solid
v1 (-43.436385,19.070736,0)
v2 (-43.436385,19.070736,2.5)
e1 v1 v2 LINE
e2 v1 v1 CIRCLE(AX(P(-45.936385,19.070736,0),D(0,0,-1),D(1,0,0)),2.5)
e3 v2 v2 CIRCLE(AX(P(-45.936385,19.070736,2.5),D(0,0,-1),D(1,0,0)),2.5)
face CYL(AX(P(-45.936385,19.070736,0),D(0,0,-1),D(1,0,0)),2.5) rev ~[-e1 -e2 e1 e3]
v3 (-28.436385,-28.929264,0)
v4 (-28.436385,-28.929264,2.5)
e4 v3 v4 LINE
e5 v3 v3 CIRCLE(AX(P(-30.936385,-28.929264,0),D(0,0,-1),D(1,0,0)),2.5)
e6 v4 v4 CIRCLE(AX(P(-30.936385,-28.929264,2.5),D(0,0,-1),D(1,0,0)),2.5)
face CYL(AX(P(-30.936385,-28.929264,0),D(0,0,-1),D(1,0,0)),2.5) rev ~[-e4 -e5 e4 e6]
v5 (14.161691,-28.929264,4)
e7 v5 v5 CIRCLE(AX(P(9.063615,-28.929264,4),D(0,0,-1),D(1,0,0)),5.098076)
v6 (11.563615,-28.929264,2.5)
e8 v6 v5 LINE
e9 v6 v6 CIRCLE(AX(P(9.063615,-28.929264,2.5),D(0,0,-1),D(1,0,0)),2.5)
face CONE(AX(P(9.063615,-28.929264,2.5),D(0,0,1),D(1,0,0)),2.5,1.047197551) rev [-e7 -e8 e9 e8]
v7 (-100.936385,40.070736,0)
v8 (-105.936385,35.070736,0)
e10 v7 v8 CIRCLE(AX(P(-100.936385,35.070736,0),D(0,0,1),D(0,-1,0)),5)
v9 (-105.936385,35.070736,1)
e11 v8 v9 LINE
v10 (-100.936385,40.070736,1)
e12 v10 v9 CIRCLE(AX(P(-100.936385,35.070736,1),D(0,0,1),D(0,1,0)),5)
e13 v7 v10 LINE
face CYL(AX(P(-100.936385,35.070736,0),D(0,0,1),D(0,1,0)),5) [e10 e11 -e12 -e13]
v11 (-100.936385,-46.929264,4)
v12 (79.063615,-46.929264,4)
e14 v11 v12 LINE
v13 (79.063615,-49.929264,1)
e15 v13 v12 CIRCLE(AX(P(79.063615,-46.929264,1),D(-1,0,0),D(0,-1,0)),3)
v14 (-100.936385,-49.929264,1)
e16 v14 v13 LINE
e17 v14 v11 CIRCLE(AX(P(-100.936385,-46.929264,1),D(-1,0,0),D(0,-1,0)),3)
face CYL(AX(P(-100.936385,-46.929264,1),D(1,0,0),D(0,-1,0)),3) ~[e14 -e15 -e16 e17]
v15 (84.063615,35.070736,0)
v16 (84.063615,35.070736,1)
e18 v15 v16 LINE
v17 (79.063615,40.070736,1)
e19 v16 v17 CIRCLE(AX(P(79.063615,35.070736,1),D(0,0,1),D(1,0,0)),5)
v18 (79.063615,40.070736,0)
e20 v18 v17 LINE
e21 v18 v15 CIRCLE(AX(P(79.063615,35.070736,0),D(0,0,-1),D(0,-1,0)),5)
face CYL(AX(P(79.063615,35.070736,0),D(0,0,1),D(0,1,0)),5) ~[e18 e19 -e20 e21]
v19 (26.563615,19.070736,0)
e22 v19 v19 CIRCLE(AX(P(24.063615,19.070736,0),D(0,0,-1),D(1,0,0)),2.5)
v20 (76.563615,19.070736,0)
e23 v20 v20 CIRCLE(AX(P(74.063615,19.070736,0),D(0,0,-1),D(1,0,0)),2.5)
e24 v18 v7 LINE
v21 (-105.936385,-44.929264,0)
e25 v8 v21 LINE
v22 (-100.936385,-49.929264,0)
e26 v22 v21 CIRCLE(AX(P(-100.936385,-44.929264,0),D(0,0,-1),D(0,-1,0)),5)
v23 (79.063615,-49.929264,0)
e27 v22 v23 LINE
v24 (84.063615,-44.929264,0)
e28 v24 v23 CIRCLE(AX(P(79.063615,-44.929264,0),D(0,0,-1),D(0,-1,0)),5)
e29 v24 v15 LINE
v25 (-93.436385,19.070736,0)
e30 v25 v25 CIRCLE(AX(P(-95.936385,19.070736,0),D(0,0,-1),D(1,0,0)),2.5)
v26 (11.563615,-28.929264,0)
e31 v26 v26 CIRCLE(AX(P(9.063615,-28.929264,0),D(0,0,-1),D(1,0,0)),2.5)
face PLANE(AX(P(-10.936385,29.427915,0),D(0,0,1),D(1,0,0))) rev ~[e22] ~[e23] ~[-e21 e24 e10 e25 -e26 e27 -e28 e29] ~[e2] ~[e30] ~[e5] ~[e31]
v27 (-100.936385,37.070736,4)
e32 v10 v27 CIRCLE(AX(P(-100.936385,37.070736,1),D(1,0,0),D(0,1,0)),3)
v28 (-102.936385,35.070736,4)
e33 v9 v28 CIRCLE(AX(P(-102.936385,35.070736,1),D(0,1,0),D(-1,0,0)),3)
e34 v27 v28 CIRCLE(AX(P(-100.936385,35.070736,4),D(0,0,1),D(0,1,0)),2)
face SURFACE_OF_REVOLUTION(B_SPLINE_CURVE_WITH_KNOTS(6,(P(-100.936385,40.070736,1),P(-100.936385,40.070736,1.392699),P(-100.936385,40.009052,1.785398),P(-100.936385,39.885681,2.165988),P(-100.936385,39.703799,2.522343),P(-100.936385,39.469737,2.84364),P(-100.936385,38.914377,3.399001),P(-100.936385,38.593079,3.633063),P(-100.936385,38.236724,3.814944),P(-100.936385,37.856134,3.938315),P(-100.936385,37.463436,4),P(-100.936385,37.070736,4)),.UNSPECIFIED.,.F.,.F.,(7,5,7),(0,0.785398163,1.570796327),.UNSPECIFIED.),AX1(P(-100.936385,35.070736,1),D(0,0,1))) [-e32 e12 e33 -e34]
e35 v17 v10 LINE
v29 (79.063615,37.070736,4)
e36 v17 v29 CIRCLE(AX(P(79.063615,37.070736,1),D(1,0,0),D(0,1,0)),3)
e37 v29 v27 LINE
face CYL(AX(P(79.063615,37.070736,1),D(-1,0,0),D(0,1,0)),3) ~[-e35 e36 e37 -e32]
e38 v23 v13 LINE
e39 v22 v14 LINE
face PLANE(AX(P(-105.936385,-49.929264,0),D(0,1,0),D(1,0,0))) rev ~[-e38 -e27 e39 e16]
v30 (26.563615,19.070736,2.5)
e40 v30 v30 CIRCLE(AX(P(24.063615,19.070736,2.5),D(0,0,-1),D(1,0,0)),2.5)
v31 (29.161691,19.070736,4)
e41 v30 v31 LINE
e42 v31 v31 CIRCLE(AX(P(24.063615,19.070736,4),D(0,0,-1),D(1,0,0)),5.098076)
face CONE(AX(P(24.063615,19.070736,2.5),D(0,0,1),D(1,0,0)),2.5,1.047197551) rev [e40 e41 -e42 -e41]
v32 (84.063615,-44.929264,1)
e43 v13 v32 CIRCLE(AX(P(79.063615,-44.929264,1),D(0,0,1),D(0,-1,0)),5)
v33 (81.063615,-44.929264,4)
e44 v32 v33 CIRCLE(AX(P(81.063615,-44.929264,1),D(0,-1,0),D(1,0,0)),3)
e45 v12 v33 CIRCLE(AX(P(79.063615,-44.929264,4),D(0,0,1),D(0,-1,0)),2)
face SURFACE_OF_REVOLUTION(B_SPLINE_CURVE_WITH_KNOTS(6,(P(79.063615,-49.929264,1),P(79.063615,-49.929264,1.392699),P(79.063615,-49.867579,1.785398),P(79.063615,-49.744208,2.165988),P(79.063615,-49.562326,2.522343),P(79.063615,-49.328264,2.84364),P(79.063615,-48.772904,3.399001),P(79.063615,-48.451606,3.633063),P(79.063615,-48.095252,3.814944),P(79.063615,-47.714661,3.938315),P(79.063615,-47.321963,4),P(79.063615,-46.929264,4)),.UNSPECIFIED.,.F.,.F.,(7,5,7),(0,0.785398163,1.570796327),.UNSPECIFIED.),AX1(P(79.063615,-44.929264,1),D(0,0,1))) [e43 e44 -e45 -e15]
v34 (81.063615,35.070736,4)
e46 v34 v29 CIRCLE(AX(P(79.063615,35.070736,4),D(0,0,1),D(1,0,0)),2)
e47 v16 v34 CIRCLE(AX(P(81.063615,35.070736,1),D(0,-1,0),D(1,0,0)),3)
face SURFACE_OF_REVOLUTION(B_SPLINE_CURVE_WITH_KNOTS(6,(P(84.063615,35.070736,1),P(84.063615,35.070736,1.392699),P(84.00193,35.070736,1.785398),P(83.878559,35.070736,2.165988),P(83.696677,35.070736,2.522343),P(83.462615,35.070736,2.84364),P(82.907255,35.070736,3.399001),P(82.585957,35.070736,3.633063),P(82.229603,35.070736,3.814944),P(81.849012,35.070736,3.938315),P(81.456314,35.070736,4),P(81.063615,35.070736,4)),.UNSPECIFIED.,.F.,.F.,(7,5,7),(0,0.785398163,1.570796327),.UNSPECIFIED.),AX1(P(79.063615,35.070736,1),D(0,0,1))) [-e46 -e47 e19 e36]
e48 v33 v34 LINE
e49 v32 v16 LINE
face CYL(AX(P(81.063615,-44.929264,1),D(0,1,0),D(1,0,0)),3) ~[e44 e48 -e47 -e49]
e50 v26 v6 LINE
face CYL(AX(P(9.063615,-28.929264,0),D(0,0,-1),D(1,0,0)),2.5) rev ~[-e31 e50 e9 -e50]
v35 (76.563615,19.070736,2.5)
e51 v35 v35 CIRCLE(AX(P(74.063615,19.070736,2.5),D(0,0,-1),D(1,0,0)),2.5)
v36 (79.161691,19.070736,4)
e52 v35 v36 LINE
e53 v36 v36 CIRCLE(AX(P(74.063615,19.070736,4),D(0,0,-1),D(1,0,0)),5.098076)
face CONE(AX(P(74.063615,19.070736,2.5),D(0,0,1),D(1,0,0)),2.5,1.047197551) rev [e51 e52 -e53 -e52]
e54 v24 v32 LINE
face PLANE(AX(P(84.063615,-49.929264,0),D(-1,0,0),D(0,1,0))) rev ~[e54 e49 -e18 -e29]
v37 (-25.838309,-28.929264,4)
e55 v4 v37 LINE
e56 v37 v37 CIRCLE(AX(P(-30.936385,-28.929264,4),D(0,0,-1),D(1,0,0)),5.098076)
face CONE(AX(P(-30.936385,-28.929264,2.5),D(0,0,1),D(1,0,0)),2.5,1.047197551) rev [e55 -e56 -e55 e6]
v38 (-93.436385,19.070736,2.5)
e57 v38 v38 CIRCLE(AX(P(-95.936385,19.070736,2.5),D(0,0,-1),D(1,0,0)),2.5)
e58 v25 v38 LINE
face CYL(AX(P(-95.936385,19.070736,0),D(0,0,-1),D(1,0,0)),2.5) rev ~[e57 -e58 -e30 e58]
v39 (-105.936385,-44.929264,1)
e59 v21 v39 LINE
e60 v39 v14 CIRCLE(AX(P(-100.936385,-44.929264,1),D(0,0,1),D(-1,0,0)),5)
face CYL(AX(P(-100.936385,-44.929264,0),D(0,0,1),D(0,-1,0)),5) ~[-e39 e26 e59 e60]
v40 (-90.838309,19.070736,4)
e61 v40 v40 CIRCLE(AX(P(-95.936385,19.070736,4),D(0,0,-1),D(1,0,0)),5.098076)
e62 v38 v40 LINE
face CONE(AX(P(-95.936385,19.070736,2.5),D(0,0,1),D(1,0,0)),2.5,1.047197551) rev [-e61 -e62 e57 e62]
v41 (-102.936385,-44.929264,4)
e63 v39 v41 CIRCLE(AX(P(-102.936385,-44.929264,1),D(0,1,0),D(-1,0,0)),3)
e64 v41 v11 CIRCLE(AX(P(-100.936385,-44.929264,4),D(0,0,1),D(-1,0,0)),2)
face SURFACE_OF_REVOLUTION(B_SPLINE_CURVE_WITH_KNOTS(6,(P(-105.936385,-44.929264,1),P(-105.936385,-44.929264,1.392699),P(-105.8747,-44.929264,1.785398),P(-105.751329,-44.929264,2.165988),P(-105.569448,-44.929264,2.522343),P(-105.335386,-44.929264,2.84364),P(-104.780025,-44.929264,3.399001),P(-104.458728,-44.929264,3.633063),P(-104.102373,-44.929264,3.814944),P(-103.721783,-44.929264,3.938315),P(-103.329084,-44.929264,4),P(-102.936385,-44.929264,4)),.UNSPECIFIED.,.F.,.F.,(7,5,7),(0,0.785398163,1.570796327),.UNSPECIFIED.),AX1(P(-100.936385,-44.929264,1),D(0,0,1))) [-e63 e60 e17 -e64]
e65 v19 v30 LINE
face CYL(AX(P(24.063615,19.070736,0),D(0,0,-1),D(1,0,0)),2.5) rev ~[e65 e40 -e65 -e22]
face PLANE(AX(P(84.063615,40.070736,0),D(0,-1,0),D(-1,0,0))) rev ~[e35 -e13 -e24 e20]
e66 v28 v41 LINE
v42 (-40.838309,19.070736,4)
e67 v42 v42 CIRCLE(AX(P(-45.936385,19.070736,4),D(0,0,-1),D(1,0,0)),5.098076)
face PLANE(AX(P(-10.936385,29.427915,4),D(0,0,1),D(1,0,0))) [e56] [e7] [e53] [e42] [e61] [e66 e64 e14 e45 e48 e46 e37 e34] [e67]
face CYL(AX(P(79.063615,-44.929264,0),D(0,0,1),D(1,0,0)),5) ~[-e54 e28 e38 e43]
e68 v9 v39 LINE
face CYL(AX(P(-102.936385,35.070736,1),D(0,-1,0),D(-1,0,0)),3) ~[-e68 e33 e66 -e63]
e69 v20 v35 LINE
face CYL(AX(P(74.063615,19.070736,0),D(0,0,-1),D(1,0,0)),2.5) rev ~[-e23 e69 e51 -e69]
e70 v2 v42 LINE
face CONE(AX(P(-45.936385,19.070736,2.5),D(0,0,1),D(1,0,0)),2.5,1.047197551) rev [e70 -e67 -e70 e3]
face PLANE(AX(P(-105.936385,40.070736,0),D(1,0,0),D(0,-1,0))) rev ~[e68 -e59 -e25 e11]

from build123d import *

# Parameters (mm, degrees)
F1_DEPTH   = 4
F2_R       = 5
F3_R       = 5
F4_R       = 5
F5_R       = 5
F6_R       = 3
F7_SIZE2   = 2.5980762114
F7_SIZE    = 1.5
F7_2_SIZE2 = 2.5980762114
F7_2_SIZE  = 1.5
F7_3_SIZE2 = 2.5980762114
F7_3_SIZE  = 1.5
F7_4_SIZE2 = 2.5980762114
F7_4_SIZE  = 1.5
F7_5_SIZE2 = 2.5980762114
F7_5_SIZE  = 1.5
F7_6_SIZE2 = 2.5980762114
F7_6_SIZE  = 1.5


with BuildPart() as f1:
    # F0 (on Top) → F1 (new body)
    with BuildSketch(Plane.XY):
        with BuildLine():
            Line((84.0636147559, 40.0707364747), (-105.9363852441, 40.0707364747))
            Line((-105.9363852441, 40.0707364747), (-105.9363852441, 19.0707364747))
            Line((-105.9363852441, 19.0707364747), (-98.4363852441, 19.0707364747))
            ThreePointArc((-98.4363852441, 19.0707364747), (-95.9363852441, 21.5707364747), (-93.4363852441, 19.0707364747))
            Line((-93.4363852441, 19.0707364747), (-48.4363852441, 19.0707364747))
            ThreePointArc((-48.4363852441, 19.0707364747), (-45.9363852441, 21.5707364747), (-43.4363852441, 19.0707364747))
            Line((-43.4363852441, 19.0707364747), (21.5636147559, 19.0707364747))
            ThreePointArc((21.5636147559, 19.0707364747), (24.0636147559, 21.5707364747), (26.5636147559, 19.0707364747))
            Line((26.5636147559, 19.0707364747), (71.5636147559, 19.0707364747))
            ThreePointArc((71.5636147559, 19.0707364747), (74.0636147559, 21.5707364747), (76.5636147559, 19.0707364747))
            Line((76.5636147559, 19.0707364747), (84.0636147559, 19.0707364747))
            Line((84.0636147559, 19.0707364747), (84.0636147559, 40.0707364747))
        make_face()
        with BuildLine():
            Line((-98.4363852441, 19.0707364747), (-105.9363852441, 19.0707364747))
            Line((-105.9363852441, 19.0707364747), (-105.9363852441, -28.9292635253))
            Line((-105.9363852441, -28.9292635253), (-33.4363852441, -28.9292635253))
            ThreePointArc((-33.4363852441, -28.9292635253), (-30.9363852441, -26.4292635253), (-28.4363852441, -28.9292635253))
            Line((-28.4363852441, -28.9292635253), (6.5636147559, -28.9292635253))
            ThreePointArc((6.5636147559, -28.9292635253), (9.0636147559, -26.4292635253), (11.5636147559, -28.9292635253))
            Line((11.5636147559, -28.9292635253), (84.0636147559, -28.9292635253))
            Line((84.0636147559, -28.9292635253), (84.0636147559, 19.0707364747))
            Line((84.0636147559, 19.0707364747), (76.5636147559, 19.0707364747))
            ThreePointArc((76.5636147559, 19.0707364747), (74.0636147559, 16.5707364747), (71.5636147559, 19.0707364747))
            Line((71.5636147559, 19.0707364747), (26.5636147559, 19.0707364747))
            ThreePointArc((26.5636147559, 19.0707364747), (24.0636147559, 16.5707364747), (21.5636147559, 19.0707364747))
            Line((21.5636147559, 19.0707364747), (-43.4363852441, 19.0707364747))
            ThreePointArc((-43.4363852441, 19.0707364747), (-45.9363852441, 16.5707364747), (-48.4363852441, 19.0707364747))
            Line((-48.4363852441, 19.0707364747), (-93.4363852441, 19.0707364747))
            ThreePointArc((-93.4363852441, 19.0707364747), (-95.9363852441, 16.5707364747), (-98.4363852441, 19.0707364747))
        make_face()
        with BuildLine():
            Line((-33.4363852441, -28.9292635253), (-105.9363852441, -28.9292635253))
            Line((-105.9363852441, -28.9292635253), (-105.9363852441, -49.9292635253))
            Line((-105.9363852441, -49.9292635253), (84.0636147559, -49.9292635253))
            Line((84.0636147559, -49.9292635253), (84.0636147559, -28.9292635253))
            Line((84.0636147559, -28.9292635253), (11.5636147559, -28.9292635253))
            ThreePointArc((11.5636147559, -28.9292635253), (9.0636147559, -31.4292635253), (6.5636147559, -28.9292635253))
            Line((6.5636147559, -28.9292635253), (-28.4363852441, -28.9292635253))
            ThreePointArc((-28.4363852441, -28.9292635253), (-30.9363852441, -31.4292635253), (-33.4363852441, -28.9292635253))
        make_face()
    extrude(amount=F1_DEPTH)

    # F2
    f2_edges = [f1.edges().sort_by_distance(p)[0] for p in [
        (-105.936385, 40.070736, 2),
    ]]
    fillet(f2_edges, radius=F2_R)

    # F3
    f3_edges = [f1.edges().sort_by_distance(p)[0] for p in [
        (84.063615, 40.070736, 2),
    ]]
    fillet(f3_edges, radius=F3_R)

    # F4
    f4_edges = [f1.edges().sort_by_distance(p)[0] for p in [
        (84.063615, -49.929264, 2),
    ]]
    fillet(f4_edges, radius=F4_R)

    # F5
    f5_edges = [f1.edges().sort_by_distance(p)[0] for p in [
        (-105.936385, -49.929264, 2),
    ]]
    fillet(f5_edges, radius=F5_R)

    # F6
    f6_edges = [f1.edges().sort_by_distance(p)[0] for p in [
        (-10.936385, -49.929264, 4),
    ]]
    fillet(f6_edges, radius=F6_R)

    # F7
    f7_edges = [f1.edges().sort_by_distance(p)[0] for p in [
        (-98.436385, 19.070736, 4),
    ]]
    f7_side = f1.faces().sort_by_distance((-98.436385, 19.070736, 2))[0]
    chamfer(f7_edges, length=F7_SIZE, length2=F7_SIZE2, reference=f7_side)

    # F7#2
    f7_2_edges = [f1.edges().sort_by_distance(p)[0] for p in [
        (-48.436385, 19.070736, 4),
    ]]
    f7_2_side = f1.faces().sort_by_distance((-48.436385, 19.070736, 2))[0]
    chamfer(f7_2_edges, length=F7_2_SIZE, length2=F7_2_SIZE2, reference=f7_2_side)

    # F7#3
    f7_3_edges = [f1.edges().sort_by_distance(p)[0] for p in [
        (21.563615, 19.070736, 4),
    ]]
    f7_3_side = f1.faces().sort_by_distance((21.563615, 19.070736, 2))[0]
    chamfer(f7_3_edges, length=F7_3_SIZE, length2=F7_3_SIZE2, reference=f7_3_side)

    # F7#4
    f7_4_edges = [f1.edges().sort_by_distance(p)[0] for p in [
        (71.563615, 19.070736, 4),
    ]]
    f7_4_side = f1.faces().sort_by_distance((71.563615, 19.070736, 2))[0]
    chamfer(f7_4_edges, length=F7_4_SIZE, length2=F7_4_SIZE2, reference=f7_4_side)

    # F7#5
    f7_5_edges = [f1.edges().sort_by_distance(p)[0] for p in [
        (6.563615, -28.929264, 4),
    ]]
    f7_5_side = f1.faces().sort_by_distance((6.563615, -28.929264, 2))[0]
    chamfer(f7_5_edges, length=F7_5_SIZE, length2=F7_5_SIZE2, reference=f7_5_side)

    # F7#6
    f7_6_edges = [f1.edges().sort_by_distance(p)[0] for p in [
        (-33.436385, -28.929264, 4),
    ]]
    f7_6_side = f1.faces().sort_by_distance((-33.436385, -28.929264, 2))[0]
    chamfer(f7_6_edges, length=F7_6_SIZE, length2=F7_6_SIZE2, reference=f7_6_side)


solid = f1.part
